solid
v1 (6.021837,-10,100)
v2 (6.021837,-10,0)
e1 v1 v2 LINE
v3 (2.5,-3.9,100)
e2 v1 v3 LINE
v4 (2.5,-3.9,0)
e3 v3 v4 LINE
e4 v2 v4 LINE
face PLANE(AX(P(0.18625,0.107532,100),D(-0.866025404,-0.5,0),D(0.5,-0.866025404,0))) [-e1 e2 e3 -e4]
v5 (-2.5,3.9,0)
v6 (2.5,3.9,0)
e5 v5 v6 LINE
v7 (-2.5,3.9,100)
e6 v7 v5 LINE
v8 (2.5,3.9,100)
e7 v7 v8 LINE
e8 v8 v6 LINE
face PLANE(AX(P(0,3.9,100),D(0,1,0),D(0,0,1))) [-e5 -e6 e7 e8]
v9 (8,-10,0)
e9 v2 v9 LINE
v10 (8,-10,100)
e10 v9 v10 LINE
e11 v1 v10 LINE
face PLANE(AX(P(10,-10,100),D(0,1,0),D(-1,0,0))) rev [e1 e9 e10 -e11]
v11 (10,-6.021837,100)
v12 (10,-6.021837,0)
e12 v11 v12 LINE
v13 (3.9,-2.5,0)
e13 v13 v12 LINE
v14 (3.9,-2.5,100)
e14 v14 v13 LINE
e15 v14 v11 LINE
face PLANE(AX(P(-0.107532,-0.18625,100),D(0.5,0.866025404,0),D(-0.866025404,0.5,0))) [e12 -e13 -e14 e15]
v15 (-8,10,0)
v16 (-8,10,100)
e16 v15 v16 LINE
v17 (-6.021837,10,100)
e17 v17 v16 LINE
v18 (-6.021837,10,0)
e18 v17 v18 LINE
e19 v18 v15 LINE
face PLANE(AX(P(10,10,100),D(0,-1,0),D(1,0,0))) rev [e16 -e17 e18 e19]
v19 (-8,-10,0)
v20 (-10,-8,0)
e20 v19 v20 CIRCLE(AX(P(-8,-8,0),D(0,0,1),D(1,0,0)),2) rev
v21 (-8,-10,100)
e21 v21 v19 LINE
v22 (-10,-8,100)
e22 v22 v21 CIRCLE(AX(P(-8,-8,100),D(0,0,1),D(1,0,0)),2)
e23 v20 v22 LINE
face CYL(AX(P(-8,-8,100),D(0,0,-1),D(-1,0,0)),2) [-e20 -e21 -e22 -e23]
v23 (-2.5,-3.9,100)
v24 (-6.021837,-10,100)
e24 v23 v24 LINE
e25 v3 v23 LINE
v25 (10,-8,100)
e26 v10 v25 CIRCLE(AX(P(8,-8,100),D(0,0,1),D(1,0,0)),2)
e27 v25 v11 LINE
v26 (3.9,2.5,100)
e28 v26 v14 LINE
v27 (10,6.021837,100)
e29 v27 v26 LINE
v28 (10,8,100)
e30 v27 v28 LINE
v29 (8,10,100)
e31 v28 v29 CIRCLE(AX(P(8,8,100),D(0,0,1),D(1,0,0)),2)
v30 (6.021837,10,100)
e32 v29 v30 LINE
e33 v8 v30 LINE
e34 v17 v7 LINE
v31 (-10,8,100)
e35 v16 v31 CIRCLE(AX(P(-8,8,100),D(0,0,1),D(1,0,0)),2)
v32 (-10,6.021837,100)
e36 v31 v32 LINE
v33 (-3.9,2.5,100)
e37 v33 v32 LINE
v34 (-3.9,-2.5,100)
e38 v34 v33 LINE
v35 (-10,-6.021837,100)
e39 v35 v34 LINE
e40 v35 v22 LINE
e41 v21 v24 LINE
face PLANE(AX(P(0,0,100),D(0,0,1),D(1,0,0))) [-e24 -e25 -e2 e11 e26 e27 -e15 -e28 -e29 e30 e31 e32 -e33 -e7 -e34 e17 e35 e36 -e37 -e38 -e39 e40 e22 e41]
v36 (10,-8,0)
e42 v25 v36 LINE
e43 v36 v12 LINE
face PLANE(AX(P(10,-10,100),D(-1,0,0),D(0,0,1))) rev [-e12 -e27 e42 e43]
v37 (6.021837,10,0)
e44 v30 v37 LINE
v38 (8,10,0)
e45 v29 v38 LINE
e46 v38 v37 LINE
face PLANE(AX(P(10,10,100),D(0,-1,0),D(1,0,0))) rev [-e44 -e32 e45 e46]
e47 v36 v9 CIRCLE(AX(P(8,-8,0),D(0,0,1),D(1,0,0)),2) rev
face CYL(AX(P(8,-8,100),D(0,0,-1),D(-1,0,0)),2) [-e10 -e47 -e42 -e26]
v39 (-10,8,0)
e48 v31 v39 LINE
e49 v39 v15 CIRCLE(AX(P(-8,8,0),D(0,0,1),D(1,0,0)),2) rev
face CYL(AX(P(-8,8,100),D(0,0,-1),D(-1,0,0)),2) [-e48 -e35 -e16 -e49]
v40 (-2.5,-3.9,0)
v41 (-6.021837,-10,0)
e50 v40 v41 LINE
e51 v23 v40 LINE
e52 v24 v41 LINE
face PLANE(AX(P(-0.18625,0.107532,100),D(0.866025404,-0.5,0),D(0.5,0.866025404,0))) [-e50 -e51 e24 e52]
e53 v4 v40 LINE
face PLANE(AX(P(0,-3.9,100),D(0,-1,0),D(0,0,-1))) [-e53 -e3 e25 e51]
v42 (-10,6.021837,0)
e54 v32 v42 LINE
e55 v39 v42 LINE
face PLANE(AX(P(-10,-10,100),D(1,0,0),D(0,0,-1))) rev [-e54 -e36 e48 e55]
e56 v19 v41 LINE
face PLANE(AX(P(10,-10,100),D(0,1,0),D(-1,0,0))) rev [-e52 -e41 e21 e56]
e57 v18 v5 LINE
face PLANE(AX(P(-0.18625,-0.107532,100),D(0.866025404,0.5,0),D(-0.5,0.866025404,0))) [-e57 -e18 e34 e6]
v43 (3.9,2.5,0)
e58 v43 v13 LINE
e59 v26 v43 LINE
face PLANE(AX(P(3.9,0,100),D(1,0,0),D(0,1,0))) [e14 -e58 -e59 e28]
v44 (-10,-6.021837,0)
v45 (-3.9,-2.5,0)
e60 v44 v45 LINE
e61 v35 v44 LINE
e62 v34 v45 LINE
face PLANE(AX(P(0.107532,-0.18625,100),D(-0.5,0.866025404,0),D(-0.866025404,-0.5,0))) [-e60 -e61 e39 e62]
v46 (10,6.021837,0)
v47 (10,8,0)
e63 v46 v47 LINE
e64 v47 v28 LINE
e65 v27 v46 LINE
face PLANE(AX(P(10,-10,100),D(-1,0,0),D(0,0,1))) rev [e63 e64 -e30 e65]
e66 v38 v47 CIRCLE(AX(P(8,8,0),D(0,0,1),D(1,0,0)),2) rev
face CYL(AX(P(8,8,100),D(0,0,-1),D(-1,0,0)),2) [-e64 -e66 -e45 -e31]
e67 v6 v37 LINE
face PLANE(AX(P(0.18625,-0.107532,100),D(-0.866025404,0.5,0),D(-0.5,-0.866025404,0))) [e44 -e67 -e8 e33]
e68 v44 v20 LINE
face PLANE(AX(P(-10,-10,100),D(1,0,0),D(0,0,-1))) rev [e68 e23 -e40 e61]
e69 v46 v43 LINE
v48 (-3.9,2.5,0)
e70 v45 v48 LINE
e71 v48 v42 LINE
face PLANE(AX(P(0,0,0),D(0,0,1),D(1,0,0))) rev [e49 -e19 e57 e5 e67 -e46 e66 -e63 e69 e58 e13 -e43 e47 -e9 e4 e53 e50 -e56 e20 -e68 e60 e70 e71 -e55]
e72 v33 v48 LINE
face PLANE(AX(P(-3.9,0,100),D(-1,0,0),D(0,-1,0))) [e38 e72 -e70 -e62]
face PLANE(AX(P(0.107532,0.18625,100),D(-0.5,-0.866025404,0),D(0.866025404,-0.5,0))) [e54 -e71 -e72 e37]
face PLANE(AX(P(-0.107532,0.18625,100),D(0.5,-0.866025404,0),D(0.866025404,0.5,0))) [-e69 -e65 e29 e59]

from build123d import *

# Parameters (mm, degrees)
SKETCH1_W           = 20
SKETCH1_H           = 20
BOSS_EXTRUDE1_DEPTH = 100
CUT_EXTRUDE1_DEPTH  = 101.995049384
CIRPATTERN1_COUNT   = 4
FILLET1_R           = 2


with BuildPart() as part:
    # Sketch1 → Boss-Extrude1 (new body)
    with BuildSketch(Plane.XY):
        Rectangle(SKETCH1_W, SKETCH1_H)
    extrude(amount=BOSS_EXTRUDE1_DEPTH)

    # Sketch2 → Cut-Extrude1 (cut, through all)
    with BuildSketch(Plane.XY):
        Polygon((6.021836642, 10), (-6.021836642, 10), (-2.5, 3.9), (2.5, 3.9), align=None)
    cut_extrude1 = extrude(amount=CUT_EXTRUDE1_DEPTH, mode=Mode.SUBTRACT)

    # CirPattern1: Cut-Extrude1 ×4 about axis
    cirpattern1_axis = Axis((0, 0, -5), (0, 0, 1))
    for i in range(1, CIRPATTERN1_COUNT):
        add(cut_extrude1.rotate(cirpattern1_axis, i * 360 / CIRPATTERN1_COUNT), mode=Mode.SUBTRACT)

    # Fillet1
    fillet1_edges = [part.edges().sort_by_distance(p)[0] for p in [
        (-10, -10, 50),
        (10, -10, 50),
        (10, 10, 50),
        (-10, 10, 50),
    ]]
    fillet(fillet1_edges, radius=FILLET1_R)


solid = part.part
